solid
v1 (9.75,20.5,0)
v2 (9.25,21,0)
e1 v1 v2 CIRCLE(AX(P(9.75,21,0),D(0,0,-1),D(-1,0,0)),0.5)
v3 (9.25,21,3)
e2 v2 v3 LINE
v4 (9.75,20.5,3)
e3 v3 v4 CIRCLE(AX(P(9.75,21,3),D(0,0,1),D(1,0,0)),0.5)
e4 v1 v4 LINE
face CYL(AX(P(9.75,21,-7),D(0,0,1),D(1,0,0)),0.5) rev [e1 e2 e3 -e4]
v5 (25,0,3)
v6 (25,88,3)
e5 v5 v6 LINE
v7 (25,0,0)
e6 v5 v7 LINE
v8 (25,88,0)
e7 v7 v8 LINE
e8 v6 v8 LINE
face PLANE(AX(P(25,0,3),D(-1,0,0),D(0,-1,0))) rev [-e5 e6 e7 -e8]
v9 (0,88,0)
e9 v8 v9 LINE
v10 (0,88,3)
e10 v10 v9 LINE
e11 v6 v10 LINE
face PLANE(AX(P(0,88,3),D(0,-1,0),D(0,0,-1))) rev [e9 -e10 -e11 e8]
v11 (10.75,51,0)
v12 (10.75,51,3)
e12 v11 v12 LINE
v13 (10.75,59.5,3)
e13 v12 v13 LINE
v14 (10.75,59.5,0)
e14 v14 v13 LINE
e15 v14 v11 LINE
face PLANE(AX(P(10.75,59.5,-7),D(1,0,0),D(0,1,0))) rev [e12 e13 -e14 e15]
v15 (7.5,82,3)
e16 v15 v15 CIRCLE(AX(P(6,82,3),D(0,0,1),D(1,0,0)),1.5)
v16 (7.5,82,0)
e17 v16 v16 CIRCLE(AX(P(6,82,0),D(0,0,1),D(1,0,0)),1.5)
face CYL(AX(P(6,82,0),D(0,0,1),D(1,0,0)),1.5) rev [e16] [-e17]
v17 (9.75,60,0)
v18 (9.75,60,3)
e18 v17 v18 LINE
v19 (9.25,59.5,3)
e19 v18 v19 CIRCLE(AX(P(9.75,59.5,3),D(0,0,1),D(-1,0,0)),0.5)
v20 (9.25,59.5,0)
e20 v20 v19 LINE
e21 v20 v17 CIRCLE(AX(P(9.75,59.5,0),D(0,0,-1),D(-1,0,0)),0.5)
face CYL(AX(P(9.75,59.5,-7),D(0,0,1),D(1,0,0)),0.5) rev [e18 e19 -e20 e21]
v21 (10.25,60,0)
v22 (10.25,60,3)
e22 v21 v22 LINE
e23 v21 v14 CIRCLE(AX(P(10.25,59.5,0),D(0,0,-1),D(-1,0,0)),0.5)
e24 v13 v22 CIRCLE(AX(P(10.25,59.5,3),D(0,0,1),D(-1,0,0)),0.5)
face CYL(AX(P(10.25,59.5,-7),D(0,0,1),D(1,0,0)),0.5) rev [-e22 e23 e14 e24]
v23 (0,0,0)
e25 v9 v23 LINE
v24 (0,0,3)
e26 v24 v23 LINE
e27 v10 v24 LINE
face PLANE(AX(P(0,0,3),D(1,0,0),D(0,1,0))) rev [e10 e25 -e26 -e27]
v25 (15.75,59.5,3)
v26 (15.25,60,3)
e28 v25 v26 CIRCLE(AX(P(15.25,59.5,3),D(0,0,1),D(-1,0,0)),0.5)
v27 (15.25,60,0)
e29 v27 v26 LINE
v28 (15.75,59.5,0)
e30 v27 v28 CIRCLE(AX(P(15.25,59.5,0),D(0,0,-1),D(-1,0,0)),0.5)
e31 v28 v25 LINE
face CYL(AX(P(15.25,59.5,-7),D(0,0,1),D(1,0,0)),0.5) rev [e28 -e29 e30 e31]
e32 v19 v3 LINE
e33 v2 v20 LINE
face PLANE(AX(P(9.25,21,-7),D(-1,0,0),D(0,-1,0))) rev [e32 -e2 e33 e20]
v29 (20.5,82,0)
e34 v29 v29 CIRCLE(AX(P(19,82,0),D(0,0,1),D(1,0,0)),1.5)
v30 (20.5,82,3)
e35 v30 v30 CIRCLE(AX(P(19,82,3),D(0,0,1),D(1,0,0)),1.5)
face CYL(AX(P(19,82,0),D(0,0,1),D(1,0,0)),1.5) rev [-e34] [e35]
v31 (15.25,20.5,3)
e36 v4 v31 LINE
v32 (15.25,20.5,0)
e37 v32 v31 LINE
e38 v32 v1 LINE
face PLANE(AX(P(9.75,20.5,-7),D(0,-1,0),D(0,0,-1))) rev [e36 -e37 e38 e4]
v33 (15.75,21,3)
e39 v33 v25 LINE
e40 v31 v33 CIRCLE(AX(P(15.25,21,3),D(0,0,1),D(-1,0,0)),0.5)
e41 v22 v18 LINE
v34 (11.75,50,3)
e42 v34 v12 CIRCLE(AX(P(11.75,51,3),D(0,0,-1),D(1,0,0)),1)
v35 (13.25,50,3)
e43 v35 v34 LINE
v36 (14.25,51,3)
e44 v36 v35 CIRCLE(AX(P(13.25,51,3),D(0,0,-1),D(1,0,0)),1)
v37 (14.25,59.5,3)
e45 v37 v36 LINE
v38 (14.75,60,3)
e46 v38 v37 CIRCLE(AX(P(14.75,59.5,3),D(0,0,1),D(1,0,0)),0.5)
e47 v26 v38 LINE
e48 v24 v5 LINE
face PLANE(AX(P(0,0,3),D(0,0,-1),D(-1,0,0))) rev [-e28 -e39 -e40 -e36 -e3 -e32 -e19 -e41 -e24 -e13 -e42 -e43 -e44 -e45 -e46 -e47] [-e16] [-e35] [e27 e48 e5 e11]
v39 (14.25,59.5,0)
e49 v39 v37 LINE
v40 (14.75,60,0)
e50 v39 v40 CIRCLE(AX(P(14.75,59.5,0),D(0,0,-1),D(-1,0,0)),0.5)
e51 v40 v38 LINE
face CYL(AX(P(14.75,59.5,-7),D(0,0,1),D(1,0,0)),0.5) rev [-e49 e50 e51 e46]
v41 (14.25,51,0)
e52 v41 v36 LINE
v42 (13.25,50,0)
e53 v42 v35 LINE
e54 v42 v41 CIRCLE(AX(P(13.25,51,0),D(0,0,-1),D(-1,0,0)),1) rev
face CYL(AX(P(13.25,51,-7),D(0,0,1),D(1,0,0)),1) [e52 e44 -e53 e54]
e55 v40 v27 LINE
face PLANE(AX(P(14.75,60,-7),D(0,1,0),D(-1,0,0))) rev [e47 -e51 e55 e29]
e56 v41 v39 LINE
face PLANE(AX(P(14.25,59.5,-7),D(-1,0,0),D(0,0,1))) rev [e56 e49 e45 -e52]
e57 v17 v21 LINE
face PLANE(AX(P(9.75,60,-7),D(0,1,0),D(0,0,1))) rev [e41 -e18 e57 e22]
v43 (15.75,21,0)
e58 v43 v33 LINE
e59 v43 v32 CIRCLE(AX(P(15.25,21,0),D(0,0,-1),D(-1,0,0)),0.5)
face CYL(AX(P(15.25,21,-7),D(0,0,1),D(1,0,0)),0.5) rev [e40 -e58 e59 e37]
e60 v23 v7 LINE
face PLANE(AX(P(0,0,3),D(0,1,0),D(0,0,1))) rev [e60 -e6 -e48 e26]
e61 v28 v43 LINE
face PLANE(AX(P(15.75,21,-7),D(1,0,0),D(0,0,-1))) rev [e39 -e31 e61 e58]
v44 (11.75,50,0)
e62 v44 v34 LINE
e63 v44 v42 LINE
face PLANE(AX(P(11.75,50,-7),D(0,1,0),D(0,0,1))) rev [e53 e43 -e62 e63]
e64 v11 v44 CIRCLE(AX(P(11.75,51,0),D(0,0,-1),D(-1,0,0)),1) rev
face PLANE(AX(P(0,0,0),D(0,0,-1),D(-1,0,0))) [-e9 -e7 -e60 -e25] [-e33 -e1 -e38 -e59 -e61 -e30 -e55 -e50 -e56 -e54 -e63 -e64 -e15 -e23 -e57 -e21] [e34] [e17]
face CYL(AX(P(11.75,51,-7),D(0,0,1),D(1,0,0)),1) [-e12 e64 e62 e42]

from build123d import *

# Parameters (mm, degrees)
SKETCH1_W           = 25
SKETCH1_H           = 88
BOSS_EXTRUDE1_DEPTH = 3
SKETCH2_R           = 1.5
CUT_EXTRUDE1_DEPTH  = 3
CUT_EXTRUDE2_DEPTH  = 10


with BuildPart() as part:
    # Sketch1 → Boss-Extrude1 (new body)
    with BuildSketch(Plane.XY):
        with Locations((12.5, 44)):
            Rectangle(SKETCH1_W, SKETCH1_H)
    extrude(amount=BOSS_EXTRUDE1_DEPTH)

    # Sketch2 → Cut-Extrude1 (cut)
    with BuildSketch(Plane.XY.offset(3)):
        with Locations((19, 82)):
            Circle(SKETCH2_R)
        with Locations((6, 82)):
            Circle(SKETCH2_R)
    extrude(amount=-CUT_EXTRUDE1_DEPTH, mode=Mode.SUBTRACT)

    # Sketch3 → Cut-Extrude2 (cut)
    with BuildSketch(Plane.XY.offset(3)):
        with BuildLine():
            Line((9.75, 20.5), (15.25, 20.5))
            ThreePointArc((15.25, 20.5), (15.603553391, 20.646446609), (15.75, 21))
            Line((15.75, 21), (15.75, 59.5))
            ThreePointArc((15.75, 59.5), (15.603553391, 59.853553391), (15.25, 60))
            Line((15.25, 60), (14.75, 60))
            ThreePointArc((14.75, 60), (14.396446609, 59.853553391), (14.25, 59.5))
            Line((14.25, 59.5), (14.25, 51))
            ThreePointArc((14.25, 51), (13.957106781, 50.292893219), (13.25, 50))
            Line((13.25, 50), (11.75, 50))
            ThreePointArc((11.75, 50), (11.042893219, 50.292893219), (10.75, 51))
            Line((10.75, 51), (10.75, 59.5))
            ThreePointArc((10.75, 59.5), (10.603553391, 59.853553391), (10.25, 60))
            Line((10.25, 60), (9.75, 60))
            ThreePointArc((9.75, 60), (9.396446609, 59.853553391), (9.25, 59.5))
            Line((9.25, 59.5), (9.25, 21))
            ThreePointArc((9.25, 21), (9.396446609, 20.646446609), (9.75, 20.5))
        make_face()
    extrude(amount=-CUT_EXTRUDE2_DEPTH, mode=Mode.SUBTRACT)


solid = part.part
